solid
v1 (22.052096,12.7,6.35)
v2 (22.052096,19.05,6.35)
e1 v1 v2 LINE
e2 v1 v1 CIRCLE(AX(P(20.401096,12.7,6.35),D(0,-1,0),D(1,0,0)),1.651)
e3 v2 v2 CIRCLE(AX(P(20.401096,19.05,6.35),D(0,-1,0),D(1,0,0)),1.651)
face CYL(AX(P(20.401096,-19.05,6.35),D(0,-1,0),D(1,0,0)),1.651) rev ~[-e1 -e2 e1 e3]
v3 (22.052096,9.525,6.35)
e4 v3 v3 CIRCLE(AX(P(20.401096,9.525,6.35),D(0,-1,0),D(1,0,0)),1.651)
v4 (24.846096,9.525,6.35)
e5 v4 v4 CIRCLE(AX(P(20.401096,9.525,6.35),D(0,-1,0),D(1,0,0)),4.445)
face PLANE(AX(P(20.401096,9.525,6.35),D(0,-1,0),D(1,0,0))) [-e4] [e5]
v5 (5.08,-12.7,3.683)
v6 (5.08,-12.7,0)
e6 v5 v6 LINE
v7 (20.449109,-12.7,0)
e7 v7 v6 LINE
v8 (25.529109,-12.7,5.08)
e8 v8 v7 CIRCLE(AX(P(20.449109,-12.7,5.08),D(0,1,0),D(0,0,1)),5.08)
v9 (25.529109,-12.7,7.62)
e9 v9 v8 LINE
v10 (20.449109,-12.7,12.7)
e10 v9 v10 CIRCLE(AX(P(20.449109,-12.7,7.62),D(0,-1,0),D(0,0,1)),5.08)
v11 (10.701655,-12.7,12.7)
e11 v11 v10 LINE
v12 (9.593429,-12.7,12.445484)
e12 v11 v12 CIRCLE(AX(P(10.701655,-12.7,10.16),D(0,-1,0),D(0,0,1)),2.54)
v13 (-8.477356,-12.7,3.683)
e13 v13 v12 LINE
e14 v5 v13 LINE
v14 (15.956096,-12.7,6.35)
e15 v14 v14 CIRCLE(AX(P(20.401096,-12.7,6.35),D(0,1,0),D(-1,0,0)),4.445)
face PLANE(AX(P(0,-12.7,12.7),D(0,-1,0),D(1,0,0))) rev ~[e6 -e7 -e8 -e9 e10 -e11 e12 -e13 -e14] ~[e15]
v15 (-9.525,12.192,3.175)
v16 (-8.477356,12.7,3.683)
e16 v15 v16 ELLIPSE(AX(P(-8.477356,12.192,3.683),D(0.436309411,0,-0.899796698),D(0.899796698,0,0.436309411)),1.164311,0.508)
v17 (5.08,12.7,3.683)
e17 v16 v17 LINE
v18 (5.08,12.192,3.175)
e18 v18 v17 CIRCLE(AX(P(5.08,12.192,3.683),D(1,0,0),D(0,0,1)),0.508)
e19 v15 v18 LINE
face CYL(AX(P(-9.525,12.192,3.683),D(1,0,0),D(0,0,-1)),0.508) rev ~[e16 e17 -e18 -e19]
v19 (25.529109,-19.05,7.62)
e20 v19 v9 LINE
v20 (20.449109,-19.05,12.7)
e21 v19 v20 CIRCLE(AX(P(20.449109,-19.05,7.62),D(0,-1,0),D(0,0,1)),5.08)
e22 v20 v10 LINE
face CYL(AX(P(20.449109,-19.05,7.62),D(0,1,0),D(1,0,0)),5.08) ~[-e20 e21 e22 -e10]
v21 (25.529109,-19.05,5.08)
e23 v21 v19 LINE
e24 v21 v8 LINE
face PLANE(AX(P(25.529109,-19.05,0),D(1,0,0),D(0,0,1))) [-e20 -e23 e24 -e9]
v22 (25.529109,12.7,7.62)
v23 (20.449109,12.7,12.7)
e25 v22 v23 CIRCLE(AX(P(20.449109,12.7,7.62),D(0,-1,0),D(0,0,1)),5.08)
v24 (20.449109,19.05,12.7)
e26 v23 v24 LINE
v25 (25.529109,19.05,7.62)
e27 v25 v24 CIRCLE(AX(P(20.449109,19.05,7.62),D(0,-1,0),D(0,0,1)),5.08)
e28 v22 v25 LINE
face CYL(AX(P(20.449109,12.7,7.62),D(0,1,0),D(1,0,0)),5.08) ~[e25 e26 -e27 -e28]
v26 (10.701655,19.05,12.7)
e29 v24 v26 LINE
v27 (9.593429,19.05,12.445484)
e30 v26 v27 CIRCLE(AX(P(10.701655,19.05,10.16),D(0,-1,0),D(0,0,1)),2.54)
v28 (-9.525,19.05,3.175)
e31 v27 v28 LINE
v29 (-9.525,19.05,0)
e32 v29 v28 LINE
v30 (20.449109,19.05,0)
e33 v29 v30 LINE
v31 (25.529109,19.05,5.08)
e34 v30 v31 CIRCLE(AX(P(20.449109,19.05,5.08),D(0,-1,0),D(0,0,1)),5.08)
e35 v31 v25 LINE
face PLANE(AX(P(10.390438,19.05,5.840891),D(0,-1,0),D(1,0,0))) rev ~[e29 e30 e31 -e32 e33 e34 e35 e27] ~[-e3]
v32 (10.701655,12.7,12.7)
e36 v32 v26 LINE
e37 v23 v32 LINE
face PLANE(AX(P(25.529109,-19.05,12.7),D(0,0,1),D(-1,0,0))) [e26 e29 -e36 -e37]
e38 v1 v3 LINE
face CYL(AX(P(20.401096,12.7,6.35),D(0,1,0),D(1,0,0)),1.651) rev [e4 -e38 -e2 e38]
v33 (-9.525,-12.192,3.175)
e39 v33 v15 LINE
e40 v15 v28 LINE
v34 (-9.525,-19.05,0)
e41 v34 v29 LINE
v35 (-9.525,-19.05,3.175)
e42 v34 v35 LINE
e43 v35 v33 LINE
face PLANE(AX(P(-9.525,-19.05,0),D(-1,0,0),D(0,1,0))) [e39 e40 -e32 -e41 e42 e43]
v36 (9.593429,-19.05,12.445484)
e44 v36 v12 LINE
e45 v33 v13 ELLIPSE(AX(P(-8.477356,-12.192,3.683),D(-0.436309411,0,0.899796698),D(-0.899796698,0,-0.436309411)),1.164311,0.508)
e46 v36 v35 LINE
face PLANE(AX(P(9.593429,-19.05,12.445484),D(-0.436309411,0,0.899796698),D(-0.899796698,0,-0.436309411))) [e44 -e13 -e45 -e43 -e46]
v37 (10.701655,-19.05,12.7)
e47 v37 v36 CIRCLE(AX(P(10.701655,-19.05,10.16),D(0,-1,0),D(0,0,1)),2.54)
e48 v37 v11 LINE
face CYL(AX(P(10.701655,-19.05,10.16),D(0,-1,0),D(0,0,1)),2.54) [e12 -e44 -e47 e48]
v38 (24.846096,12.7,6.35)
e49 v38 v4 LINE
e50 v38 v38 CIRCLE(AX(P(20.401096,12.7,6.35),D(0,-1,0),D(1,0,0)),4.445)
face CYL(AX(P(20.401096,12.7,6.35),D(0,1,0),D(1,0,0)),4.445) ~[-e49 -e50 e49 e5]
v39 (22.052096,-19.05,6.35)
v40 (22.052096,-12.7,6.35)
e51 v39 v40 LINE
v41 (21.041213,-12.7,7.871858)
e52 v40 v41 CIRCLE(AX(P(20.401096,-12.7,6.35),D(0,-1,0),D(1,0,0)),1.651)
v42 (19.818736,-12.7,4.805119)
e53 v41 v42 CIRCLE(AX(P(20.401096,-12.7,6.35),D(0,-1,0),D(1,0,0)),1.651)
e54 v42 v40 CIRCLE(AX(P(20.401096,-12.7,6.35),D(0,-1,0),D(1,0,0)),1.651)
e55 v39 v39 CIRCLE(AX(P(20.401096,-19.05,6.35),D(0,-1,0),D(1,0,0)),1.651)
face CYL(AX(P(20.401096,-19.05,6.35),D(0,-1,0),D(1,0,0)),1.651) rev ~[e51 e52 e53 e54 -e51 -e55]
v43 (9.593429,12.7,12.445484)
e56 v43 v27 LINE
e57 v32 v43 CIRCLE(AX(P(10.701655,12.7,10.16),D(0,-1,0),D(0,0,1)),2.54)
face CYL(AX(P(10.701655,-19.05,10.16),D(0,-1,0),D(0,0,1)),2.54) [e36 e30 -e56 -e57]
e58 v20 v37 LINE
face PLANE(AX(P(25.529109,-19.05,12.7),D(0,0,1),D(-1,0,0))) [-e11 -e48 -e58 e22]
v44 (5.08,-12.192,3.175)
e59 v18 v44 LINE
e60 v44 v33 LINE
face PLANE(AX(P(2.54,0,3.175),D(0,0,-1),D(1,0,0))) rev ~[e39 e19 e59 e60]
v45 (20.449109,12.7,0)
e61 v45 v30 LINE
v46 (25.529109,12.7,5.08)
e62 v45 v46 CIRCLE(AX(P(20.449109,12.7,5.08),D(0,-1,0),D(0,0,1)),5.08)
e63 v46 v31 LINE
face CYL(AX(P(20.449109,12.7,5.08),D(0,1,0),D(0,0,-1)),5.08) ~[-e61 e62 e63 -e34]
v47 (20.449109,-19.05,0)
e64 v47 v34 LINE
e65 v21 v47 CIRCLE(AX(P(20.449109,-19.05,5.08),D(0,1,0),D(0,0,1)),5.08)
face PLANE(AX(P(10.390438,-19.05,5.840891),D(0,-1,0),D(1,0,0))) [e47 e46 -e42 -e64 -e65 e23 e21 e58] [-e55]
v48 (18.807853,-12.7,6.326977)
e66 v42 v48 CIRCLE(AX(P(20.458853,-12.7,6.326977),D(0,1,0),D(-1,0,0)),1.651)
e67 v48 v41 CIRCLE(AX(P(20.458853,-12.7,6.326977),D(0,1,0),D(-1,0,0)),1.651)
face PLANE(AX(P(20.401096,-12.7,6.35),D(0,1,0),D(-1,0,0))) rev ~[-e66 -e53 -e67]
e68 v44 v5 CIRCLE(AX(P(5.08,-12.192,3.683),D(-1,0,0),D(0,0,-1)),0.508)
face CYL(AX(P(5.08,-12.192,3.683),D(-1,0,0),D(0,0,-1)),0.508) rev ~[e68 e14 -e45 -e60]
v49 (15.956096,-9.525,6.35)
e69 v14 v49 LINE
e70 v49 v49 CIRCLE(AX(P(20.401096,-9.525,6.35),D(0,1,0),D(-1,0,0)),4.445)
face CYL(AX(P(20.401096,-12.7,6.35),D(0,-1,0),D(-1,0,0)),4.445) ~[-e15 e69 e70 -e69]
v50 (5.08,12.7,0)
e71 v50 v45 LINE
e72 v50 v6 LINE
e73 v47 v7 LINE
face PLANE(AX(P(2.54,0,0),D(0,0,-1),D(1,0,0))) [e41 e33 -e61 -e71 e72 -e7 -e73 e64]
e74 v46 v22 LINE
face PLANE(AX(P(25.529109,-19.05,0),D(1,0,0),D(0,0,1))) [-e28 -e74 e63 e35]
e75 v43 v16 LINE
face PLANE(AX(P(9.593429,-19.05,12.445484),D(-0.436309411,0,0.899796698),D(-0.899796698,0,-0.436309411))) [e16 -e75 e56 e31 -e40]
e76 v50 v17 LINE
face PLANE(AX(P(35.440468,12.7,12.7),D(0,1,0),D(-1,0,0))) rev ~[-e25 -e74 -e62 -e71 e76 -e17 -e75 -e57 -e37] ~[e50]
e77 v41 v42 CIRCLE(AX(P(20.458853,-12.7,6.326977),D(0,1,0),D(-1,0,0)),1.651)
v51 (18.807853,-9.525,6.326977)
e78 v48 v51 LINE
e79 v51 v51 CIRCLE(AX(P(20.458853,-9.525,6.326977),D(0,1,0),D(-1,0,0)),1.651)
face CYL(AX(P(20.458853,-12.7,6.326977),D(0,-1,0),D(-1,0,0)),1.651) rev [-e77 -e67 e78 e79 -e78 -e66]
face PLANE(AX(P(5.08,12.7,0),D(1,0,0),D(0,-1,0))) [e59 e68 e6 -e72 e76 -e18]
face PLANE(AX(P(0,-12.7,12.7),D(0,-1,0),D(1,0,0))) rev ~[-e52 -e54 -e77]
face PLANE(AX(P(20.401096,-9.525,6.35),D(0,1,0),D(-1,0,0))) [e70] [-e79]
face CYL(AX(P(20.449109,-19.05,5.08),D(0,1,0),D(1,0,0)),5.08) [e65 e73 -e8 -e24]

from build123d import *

# Parameters (mm, degrees)
F0_W      = 19.05
F0_H      = 38.1
F1_DEPTH  = 3.175
F2_R      = 1.651
F3_DEPTH  = 38.1
F4_W      = 10.7016550345
F4_H      = 25.4
F4_W_2    = 14.8274536716
F4_W_3    = 9.9113590219
F5_DEPTH  = 12.701
F6_R      = 5.08
F7_W      = 30.0603830089
F7_H      = 25.4
F8_DEPTH  = 9.525
F9_R      = 4.445
F9_R_2    = 1.651
F10_DEPTH = 3.175
F11_R     = 4.445
F11_R_2   = 1.651
F12_DEPTH = 3.175
F13_W     = 5.08
F13_H     = 25.4
F14_DEPTH = 3.175
F15_R     = 0.508


with BuildPart() as f1:
    # F0 (on Top) → F1 (new body)
    with BuildSketch(Plane.XY):
        Rectangle(F0_W, F0_H)
    extrude(amount=F1_DEPTH)

    # F2 (on face) → F3 (join, through all)
    with BuildSketch(Plane.XZ.offset(19.05)):
        with BuildLine():
            Line((25.5291087061, 0), (25.5291087061, 12.7))
            Line((25.5291087061, 12.7), (10.7016550345, 12.7))
            ThreePointArc((10.7016550345, 12.7), (10.1331167238, 12.6355533097), (9.5934291315, 12.4454836136))
            Line((9.5934291315, 12.4454836136), (-9.525, 3.175))
            Line((-9.525, 3.175), (9.525, 3.175))
            Line((9.525, 3.175), (9.525, 0))
            Line((9.525, 0), (14.3506696127, 0))
            Line((14.3506696127, 0), (25.5291087061, 0))
        make_face()
        with Locations((20.4010959715, 6.35)):
            Circle(F2_R, mode=Mode.SUBTRACT)
    extrude(amount=-F3_DEPTH)

    # F4 (on face) → F5 (cut, through all)
    with BuildSketch(Plane.XY.offset(12.7)):
        with Locations((5.3508275173, 0)):
            Rectangle(F4_W, F4_H)
        with Locations((18.1153818703, 0)):
            Rectangle(F4_W_2, F4_H)
        with Locations((30.4847882171, 0)):
            Rectangle(F4_W_3, F4_H)
    extrude(amount=-F5_DEPTH, mode=Mode.SUBTRACT)

    # F6
    f6_edges = [f1.edges().sort_by_distance(p)[0] for p in [
        (25.529109, -15.875, 12.7),
        (25.529109, -15.875, 0),
        (25.529109, 15.875, 0),
        (25.529109, 15.875, 12.7),
    ]]
    fillet(f6_edges, radius=F6_R)

    # F7 (on face) → F8 (cut, through all)
    with BuildSketch(Plane.XY.offset(12.7)):
        with Locations((-4.3285364699, 0)):
            Rectangle(F7_W, F7_H)
    extrude(amount=-F8_DEPTH, mode=Mode.SUBTRACT)

    # F9 (on face) → F10 (join)
    with BuildSketch(Plane(origin=(0, -12.7, 0), x_dir=(-1, 0, 0), z_dir=(0, 1, 0))):
        with Locations((-20.4010959715, 6.35)):
            Circle(F9_R)
        with Locations((-20.4588528723, 6.3269766979)):
            Circle(F9_R_2, mode=Mode.SUBTRACT)
    extrude(amount=F10_DEPTH)

    # F11 (on face) → F12 (join)
    with BuildSketch(Plane.XZ.offset(-12.7)):
        with Locations((20.4010959715, 6.35)):
            Circle(F11_R)
        with Locations((20.4010959715, 6.35)):
            Circle(F11_R_2, mode=Mode.SUBTRACT)
    extrude(amount=F12_DEPTH)

    # F13 (on face) → F14 (join, through all)
    with BuildSketch(Plane(origin=(0, 0, 0), x_dir=(1, 0, 0), z_dir=(0, 0, -1))):
        with Locations((2.54, 0)):
            Rectangle(F13_W, F13_H)
    extrude(amount=-F14_DEPTH)

    # F15
    f15_edges = [f1.edges().sort_by_distance(p)[0] for p in [
        (-2.2225, -12.7, 3.175),
        (-2.2225, 12.7, 3.175),
    ]]
    fillet(f15_edges, radius=F15_R)


solid = f1.part
